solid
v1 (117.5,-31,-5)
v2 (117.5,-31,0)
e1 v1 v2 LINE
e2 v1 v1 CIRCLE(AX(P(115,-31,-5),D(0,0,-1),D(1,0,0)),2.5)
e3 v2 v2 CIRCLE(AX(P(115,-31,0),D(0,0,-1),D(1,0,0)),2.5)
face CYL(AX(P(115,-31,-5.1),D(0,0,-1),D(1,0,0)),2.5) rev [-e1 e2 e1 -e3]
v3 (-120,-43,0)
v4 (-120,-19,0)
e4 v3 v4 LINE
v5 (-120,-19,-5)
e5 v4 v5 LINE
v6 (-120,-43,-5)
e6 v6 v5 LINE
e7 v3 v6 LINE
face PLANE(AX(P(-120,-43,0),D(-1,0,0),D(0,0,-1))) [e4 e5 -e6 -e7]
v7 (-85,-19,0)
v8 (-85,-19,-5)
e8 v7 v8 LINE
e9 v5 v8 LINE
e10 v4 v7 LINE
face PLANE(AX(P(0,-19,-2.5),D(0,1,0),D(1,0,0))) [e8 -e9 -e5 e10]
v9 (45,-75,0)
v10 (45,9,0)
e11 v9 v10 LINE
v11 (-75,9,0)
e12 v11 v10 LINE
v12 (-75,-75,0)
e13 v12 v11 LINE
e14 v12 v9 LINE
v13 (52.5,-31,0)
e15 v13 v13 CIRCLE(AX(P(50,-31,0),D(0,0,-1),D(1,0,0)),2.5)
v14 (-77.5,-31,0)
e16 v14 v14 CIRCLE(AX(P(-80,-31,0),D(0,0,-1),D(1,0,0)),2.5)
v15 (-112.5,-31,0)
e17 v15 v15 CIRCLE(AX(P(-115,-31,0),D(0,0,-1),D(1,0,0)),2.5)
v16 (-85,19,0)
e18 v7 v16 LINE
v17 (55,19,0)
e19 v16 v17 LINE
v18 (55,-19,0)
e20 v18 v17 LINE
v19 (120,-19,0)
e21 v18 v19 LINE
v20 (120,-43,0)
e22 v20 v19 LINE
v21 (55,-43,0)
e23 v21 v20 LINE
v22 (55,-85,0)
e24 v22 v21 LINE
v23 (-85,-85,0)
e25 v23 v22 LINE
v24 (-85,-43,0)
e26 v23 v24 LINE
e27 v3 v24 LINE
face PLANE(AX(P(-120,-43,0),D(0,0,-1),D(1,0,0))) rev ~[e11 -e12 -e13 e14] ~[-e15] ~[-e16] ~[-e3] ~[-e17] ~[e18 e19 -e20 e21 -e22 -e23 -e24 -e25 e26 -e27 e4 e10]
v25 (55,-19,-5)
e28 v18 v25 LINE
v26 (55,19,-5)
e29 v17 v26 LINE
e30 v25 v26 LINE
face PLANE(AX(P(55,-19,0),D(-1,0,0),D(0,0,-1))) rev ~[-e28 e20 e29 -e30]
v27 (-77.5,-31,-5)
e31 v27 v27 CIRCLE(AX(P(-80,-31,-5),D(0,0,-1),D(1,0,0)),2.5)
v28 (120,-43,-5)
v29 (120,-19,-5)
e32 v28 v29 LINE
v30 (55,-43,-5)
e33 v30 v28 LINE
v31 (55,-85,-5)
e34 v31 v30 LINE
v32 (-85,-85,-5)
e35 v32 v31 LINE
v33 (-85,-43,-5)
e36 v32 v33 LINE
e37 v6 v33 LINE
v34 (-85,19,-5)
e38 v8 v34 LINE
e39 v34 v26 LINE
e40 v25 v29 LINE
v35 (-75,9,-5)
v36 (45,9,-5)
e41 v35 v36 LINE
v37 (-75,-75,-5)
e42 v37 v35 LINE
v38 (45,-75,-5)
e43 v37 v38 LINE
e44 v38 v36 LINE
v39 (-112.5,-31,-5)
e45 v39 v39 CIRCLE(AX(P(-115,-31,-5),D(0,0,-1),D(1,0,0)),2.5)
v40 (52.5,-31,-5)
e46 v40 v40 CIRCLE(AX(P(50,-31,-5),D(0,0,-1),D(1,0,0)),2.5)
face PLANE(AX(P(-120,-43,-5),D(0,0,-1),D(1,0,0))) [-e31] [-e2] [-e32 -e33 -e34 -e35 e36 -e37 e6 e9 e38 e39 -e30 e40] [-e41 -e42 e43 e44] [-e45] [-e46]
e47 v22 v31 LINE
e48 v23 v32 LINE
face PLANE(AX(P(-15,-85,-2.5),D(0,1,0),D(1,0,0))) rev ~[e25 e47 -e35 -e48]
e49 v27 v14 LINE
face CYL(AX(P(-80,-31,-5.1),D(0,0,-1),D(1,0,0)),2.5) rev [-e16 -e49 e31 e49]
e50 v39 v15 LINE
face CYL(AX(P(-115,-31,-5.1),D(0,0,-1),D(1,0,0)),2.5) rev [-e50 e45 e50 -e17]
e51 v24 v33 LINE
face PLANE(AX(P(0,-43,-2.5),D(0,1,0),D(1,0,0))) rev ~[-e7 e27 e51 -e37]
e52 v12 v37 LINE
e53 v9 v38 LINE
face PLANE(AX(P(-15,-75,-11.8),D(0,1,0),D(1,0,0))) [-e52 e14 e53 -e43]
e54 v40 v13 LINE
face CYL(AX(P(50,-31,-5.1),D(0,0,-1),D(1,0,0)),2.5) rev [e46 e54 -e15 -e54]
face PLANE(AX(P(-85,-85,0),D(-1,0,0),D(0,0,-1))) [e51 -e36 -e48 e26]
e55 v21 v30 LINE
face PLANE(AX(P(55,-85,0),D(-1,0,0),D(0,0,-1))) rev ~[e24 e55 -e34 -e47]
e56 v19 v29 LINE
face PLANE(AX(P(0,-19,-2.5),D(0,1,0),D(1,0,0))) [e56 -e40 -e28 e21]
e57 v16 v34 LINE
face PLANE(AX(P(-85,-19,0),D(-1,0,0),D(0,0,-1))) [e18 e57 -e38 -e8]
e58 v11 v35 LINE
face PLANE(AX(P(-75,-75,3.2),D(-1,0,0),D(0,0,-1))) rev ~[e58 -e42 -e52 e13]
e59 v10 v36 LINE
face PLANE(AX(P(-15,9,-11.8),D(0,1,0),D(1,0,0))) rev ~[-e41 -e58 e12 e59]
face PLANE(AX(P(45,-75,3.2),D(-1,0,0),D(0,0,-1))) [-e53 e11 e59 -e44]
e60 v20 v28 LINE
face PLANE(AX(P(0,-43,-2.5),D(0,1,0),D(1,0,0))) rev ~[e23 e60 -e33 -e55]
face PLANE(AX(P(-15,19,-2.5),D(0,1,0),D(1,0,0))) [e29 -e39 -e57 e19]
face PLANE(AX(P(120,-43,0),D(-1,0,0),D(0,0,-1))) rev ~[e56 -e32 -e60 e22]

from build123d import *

# Parameters (mm, degrees)
BOX015_W               = 120
BOX015_H               = 30
BOX015_DEPTH           = 84
CYLINDER069_R          = 2.5
CYLINDER069_DEPTH      = 10
CYLINDER070_R          = 2.5
CYLINDER070_DEPTH      = 10
CYLINDER071_R          = 2.5
CYLINDER071_DEPTH      = 10
CYLINDER072_R          = 2.5
CYLINDER072_DEPTH      = 10
CYLINDER068_R          = 2.5
CYLINDER068_DEPTH      = 10
CYLINDER073_R          = 2.5
CYLINDER073_DEPTH      = 10
BOX009_W               = 240
BOX009_H               = 5
BOX009_DEPTH           = 24
BOX010_W               = 140
BOX010_H               = 5
BOX010_DEPTH           = 38
BOX011_W               = 140
BOX011_H               = 5
BOX011_DEPTH           = 42
CUT008_PLACEMENT_ANGLE = 270


with BuildPart() as gatewaycut001:
    # Box015 → Box015 (new body)
    with BuildSketch(Plane(origin=(-75, -3.2, -75), x_dir=(1, 0, 0), z_dir=(0, 0, 1))):
        with Locations((60, 15)):
            Rectangle(BOX015_W, BOX015_H)
    extrude(amount=BOX015_DEPTH)


with BuildPart() as cylinder069:
    # Cylinder069 → Cylinder069 (new body)
    with BuildSketch(Plane(origin=(115, 0, -31), x_dir=(1, 0, 0), z_dir=(0, -1, 0))):
        Circle(CYLINDER069_R)
    extrude(amount=CYLINDER069_DEPTH)


with BuildPart() as cylinder070:
    # Cylinder070 → Cylinder070 (new body)
    with BuildSketch(Plane(origin=(-80, 0, -31), x_dir=(1, 0, 0), z_dir=(0, -1, 0))):
        Circle(CYLINDER070_R)
    extrude(amount=CYLINDER070_DEPTH)


with BuildPart() as cylinder071:
    # Cylinder071 → Cylinder071 (new body)
    with BuildSketch(Plane(origin=(50, 0, -31), x_dir=(1, 0, 0), z_dir=(0, -1, 0))):
        Circle(CYLINDER071_R)
    extrude(amount=CYLINDER071_DEPTH)


with BuildPart() as cylinder072:
    # Cylinder072 → Cylinder072 (new body)
    with BuildSketch(Plane(origin=(-45.75, 0, -56.3), x_dir=(1, 0, 0), z_dir=(0, -1, 0))):
        Circle(CYLINDER072_R)
    extrude(amount=CYLINDER072_DEPTH)


with BuildPart() as cylinder068:
    # Cylinder068 → Cylinder068 (new body)
    with BuildSketch(Plane(origin=(-115, 0, -31), x_dir=(1, 0, 0), z_dir=(0, -1, 0))):
        Circle(CYLINDER068_R)
    extrude(amount=CYLINDER068_DEPTH)


with BuildPart() as m3heatsetinserts003:
    # Cylinder073 → Cylinder073 (new body)
    with BuildSketch(Plane(origin=(-45.75, 0, -1.3), x_dir=(1, 0, 0), z_dir=(0, -1, 0))):
        Circle(CYLINDER073_R)
    extrude(amount=CYLINDER073_DEPTH)

    # Fusion025: union Cylinder069, Cylinder070, Cylinder071, Cylinder072, Cylinder068
    add(cylinder069.part)
    add(cylinder070.part)
    add(cylinder071.part)
    add(cylinder072.part)
    add(cylinder068.part)


with BuildPart() as m3heatsetinserts003_1:
    # Fusion025 placement: moved
    add(m3heatsetinserts003.part.moved(Location((0, 5.1, 0))))


with BuildPart() as cube007:
    # Box009 → Box009 (new body)
    with BuildSketch(Plane(origin=(-120, 0, -43), x_dir=(1, 0, 0), z_dir=(0, 0, 1))):
        with Locations((120, 2.5)):
            Rectangle(BOX009_W, BOX009_H)
    extrude(amount=BOX009_DEPTH)


with BuildPart() as cube008:
    # Box010 → Box010 (new body)
    with BuildSketch(Plane(origin=(-85, 0, -19), x_dir=(1, 0, 0), z_dir=(0, 0, 1))):
        with Locations((70, 2.5)):
            Rectangle(BOX010_W, BOX010_H)
    extrude(amount=BOX010_DEPTH)


with BuildPart() as mainbase001:
    # Box011 → Box011 (new body)
    with BuildSketch(Plane(origin=(-85, 0, -85), x_dir=(1, 0, 0), z_dir=(0, 0, 1))):
        with Locations((70, 2.5)):
            Rectangle(BOX011_W, BOX011_H)
    extrude(amount=BOX011_DEPTH)

    # Fusion020: union Cube007, Cube008
    add(cube007.part)
    add(cube008.part)

    # Cut007: cut M3HeatSetInserts003
    add(m3heatsetinserts003_1.part, mode=Mode.SUBTRACT)

    # Cut008: cut GatewayCut001
    add(gatewaycut001.part, mode=Mode.SUBTRACT)


with BuildPart() as mainbase001_1:
    # Cut008 placement: moved
    add(mainbase001.part.rotate(Axis((0, 0, 0), (1, 0, 0)), CUT008_PLACEMENT_ANGLE))


solid = mainbase001_1.part
